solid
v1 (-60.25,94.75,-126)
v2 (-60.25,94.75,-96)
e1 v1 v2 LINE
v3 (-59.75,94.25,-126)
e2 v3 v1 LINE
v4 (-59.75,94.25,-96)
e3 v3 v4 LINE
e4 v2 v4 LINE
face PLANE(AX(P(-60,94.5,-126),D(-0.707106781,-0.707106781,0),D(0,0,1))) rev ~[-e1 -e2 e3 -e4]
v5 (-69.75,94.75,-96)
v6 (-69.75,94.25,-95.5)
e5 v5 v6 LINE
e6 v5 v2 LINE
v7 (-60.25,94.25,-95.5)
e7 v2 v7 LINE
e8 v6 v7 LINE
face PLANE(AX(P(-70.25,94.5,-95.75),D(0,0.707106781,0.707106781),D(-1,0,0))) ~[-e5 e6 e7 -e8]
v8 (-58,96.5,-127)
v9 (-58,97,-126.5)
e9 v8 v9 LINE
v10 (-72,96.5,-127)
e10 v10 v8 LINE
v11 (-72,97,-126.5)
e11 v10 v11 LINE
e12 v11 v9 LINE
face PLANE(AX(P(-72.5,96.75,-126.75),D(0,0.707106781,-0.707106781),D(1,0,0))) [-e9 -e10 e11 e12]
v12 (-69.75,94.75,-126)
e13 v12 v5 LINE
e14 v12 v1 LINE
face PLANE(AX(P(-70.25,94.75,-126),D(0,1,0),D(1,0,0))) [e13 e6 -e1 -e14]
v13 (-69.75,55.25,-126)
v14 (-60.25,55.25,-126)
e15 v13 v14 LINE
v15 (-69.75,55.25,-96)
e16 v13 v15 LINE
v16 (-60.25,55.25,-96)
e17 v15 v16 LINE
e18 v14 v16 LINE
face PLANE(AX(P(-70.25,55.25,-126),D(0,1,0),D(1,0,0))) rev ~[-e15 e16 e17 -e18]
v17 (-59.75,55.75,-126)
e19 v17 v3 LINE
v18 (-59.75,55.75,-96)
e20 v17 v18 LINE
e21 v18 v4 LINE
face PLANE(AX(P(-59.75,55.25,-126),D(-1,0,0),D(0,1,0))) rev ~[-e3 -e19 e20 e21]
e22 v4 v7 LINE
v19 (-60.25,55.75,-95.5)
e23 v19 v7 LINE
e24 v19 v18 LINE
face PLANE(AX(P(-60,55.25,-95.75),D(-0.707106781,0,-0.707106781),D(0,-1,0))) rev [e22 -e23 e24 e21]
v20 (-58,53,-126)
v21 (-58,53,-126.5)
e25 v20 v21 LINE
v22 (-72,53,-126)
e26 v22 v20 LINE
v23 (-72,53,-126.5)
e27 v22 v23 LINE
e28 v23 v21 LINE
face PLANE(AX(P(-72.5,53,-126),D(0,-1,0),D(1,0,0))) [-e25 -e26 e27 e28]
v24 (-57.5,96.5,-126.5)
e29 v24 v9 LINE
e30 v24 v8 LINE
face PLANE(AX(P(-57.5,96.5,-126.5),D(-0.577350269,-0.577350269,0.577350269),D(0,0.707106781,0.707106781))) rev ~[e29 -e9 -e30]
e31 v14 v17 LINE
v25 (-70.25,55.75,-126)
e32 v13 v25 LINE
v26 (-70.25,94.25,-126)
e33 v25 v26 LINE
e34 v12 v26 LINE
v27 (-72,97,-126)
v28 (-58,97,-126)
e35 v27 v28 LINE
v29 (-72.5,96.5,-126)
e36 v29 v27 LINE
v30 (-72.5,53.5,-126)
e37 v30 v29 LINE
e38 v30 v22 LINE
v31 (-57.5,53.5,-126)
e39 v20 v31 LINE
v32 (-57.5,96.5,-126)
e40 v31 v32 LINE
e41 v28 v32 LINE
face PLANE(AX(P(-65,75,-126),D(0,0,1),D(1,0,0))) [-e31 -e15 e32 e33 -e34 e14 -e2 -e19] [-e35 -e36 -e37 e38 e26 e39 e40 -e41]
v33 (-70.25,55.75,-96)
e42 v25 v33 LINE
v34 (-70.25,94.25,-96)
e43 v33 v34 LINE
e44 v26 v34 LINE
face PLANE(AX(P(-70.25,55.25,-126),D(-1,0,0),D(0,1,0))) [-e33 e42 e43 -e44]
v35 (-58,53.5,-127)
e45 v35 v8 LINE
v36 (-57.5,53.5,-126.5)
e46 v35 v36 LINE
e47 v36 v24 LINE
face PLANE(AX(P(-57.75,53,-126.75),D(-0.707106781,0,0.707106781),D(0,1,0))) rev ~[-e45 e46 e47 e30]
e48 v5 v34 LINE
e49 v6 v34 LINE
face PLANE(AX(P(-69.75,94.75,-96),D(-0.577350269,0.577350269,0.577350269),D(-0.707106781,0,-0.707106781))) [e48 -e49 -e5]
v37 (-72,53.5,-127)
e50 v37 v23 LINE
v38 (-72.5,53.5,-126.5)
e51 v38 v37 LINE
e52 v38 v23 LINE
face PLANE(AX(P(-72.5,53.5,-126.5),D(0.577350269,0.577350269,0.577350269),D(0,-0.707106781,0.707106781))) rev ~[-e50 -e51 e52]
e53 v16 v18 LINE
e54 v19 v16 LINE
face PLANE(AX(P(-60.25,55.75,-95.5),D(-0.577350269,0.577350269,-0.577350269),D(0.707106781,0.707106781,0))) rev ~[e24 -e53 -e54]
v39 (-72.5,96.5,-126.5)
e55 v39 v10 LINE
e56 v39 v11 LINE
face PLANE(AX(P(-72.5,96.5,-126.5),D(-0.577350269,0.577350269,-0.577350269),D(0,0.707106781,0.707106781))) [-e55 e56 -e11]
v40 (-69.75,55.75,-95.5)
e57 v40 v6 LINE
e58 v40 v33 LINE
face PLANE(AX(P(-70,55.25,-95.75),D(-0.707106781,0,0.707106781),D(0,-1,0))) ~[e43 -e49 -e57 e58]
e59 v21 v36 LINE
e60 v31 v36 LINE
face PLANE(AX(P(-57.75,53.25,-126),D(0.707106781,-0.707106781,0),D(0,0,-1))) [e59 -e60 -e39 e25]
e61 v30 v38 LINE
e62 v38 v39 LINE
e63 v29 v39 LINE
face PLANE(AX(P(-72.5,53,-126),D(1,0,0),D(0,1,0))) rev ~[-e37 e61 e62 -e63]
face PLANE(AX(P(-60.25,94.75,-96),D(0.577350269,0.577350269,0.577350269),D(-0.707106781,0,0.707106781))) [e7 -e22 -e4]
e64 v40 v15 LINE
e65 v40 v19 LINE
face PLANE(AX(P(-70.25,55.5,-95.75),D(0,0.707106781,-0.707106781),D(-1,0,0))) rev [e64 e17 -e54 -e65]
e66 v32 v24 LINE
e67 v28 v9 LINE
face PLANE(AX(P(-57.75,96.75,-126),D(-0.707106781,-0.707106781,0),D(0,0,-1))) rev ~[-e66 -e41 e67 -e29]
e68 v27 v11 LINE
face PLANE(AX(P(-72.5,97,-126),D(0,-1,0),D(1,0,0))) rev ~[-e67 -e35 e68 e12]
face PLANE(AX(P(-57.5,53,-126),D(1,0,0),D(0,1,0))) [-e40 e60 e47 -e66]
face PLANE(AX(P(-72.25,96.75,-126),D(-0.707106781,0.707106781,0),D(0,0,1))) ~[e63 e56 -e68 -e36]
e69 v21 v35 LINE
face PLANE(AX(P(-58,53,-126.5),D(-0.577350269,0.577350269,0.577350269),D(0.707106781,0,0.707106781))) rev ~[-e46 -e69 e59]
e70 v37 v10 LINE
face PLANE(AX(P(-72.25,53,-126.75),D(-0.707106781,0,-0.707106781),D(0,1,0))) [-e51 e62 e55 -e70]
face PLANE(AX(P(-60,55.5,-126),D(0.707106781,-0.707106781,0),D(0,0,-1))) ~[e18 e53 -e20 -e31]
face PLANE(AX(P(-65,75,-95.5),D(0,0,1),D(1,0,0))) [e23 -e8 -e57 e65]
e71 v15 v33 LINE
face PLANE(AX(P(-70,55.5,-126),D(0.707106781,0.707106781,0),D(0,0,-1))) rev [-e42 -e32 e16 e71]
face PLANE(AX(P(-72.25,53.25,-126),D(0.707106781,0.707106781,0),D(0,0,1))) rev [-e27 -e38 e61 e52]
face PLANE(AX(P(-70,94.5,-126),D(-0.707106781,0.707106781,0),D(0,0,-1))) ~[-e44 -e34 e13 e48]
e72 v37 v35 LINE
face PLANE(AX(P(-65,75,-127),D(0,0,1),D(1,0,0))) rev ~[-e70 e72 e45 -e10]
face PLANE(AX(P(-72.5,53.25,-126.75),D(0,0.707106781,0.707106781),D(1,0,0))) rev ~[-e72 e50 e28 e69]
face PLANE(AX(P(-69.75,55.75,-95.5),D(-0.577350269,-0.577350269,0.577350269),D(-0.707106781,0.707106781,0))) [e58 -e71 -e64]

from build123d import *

# Parameters (mm, degrees)
SKETCH052_W     = 15
SKETCH052_H     = 44
PAD029_DEPTH    = 1
SKETCH053_W     = 10.5
SKETCH053_H     = 39.5
PAD030_DEPTH    = 30.5
CHAMFER028_SIZE = 0.5
CHAMFER029_SIZE = 0.5


with BuildPart() as part:
    # Sketch052 → Pad029 (new body)
    with BuildSketch(Plane.XY):
        Rectangle(SKETCH052_W, SKETCH052_H)
    extrude(amount=-PAD029_DEPTH)

    # Sketch053 (on Face5 of Pad029) → Pad030 (join)
    with BuildSketch(Plane.XY):
        Rectangle(SKETCH053_W, SKETCH053_H)
    extrude(amount=PAD030_DEPTH)

    # Chamfer028
    chamfer028_edges = [part.edges().sort_by_distance(p)[0] for p in [
        (-5.25, -19.75, 15.25),
        (5.25, -19.75, 15.25),
        (0, -19.75, 30.5),
        (-5.25, 0, 30.5),
        (5.25, 0, 30.5),
        (5.25, 19.75, 15.25),
        (0, 19.75, 30.5),
        (-5.25, 19.75, 15.25),
    ]]
    chamfer(chamfer028_edges, length=CHAMFER028_SIZE)

    # Chamfer029
    chamfer029_edges = [part.edges().sort_by_distance(p)[0] for p in [
        (0, 22, -1),
        (7.5, 0, -1),
        (0, -22, -1),
        (-7.5, 0, -1),
        (-7.5, -22, -0.5),
        (7.5, -22, -0.5),
        (7.5, 22, -0.5),
        (-7.5, 22, -0.5),
    ]]
    chamfer(chamfer029_edges, length=CHAMFER029_SIZE)


with BuildPart() as part_1:
    # Body010 placement: moved
    add(part.part.moved(Location((-65, 75, -126))))


solid = part_1.part
